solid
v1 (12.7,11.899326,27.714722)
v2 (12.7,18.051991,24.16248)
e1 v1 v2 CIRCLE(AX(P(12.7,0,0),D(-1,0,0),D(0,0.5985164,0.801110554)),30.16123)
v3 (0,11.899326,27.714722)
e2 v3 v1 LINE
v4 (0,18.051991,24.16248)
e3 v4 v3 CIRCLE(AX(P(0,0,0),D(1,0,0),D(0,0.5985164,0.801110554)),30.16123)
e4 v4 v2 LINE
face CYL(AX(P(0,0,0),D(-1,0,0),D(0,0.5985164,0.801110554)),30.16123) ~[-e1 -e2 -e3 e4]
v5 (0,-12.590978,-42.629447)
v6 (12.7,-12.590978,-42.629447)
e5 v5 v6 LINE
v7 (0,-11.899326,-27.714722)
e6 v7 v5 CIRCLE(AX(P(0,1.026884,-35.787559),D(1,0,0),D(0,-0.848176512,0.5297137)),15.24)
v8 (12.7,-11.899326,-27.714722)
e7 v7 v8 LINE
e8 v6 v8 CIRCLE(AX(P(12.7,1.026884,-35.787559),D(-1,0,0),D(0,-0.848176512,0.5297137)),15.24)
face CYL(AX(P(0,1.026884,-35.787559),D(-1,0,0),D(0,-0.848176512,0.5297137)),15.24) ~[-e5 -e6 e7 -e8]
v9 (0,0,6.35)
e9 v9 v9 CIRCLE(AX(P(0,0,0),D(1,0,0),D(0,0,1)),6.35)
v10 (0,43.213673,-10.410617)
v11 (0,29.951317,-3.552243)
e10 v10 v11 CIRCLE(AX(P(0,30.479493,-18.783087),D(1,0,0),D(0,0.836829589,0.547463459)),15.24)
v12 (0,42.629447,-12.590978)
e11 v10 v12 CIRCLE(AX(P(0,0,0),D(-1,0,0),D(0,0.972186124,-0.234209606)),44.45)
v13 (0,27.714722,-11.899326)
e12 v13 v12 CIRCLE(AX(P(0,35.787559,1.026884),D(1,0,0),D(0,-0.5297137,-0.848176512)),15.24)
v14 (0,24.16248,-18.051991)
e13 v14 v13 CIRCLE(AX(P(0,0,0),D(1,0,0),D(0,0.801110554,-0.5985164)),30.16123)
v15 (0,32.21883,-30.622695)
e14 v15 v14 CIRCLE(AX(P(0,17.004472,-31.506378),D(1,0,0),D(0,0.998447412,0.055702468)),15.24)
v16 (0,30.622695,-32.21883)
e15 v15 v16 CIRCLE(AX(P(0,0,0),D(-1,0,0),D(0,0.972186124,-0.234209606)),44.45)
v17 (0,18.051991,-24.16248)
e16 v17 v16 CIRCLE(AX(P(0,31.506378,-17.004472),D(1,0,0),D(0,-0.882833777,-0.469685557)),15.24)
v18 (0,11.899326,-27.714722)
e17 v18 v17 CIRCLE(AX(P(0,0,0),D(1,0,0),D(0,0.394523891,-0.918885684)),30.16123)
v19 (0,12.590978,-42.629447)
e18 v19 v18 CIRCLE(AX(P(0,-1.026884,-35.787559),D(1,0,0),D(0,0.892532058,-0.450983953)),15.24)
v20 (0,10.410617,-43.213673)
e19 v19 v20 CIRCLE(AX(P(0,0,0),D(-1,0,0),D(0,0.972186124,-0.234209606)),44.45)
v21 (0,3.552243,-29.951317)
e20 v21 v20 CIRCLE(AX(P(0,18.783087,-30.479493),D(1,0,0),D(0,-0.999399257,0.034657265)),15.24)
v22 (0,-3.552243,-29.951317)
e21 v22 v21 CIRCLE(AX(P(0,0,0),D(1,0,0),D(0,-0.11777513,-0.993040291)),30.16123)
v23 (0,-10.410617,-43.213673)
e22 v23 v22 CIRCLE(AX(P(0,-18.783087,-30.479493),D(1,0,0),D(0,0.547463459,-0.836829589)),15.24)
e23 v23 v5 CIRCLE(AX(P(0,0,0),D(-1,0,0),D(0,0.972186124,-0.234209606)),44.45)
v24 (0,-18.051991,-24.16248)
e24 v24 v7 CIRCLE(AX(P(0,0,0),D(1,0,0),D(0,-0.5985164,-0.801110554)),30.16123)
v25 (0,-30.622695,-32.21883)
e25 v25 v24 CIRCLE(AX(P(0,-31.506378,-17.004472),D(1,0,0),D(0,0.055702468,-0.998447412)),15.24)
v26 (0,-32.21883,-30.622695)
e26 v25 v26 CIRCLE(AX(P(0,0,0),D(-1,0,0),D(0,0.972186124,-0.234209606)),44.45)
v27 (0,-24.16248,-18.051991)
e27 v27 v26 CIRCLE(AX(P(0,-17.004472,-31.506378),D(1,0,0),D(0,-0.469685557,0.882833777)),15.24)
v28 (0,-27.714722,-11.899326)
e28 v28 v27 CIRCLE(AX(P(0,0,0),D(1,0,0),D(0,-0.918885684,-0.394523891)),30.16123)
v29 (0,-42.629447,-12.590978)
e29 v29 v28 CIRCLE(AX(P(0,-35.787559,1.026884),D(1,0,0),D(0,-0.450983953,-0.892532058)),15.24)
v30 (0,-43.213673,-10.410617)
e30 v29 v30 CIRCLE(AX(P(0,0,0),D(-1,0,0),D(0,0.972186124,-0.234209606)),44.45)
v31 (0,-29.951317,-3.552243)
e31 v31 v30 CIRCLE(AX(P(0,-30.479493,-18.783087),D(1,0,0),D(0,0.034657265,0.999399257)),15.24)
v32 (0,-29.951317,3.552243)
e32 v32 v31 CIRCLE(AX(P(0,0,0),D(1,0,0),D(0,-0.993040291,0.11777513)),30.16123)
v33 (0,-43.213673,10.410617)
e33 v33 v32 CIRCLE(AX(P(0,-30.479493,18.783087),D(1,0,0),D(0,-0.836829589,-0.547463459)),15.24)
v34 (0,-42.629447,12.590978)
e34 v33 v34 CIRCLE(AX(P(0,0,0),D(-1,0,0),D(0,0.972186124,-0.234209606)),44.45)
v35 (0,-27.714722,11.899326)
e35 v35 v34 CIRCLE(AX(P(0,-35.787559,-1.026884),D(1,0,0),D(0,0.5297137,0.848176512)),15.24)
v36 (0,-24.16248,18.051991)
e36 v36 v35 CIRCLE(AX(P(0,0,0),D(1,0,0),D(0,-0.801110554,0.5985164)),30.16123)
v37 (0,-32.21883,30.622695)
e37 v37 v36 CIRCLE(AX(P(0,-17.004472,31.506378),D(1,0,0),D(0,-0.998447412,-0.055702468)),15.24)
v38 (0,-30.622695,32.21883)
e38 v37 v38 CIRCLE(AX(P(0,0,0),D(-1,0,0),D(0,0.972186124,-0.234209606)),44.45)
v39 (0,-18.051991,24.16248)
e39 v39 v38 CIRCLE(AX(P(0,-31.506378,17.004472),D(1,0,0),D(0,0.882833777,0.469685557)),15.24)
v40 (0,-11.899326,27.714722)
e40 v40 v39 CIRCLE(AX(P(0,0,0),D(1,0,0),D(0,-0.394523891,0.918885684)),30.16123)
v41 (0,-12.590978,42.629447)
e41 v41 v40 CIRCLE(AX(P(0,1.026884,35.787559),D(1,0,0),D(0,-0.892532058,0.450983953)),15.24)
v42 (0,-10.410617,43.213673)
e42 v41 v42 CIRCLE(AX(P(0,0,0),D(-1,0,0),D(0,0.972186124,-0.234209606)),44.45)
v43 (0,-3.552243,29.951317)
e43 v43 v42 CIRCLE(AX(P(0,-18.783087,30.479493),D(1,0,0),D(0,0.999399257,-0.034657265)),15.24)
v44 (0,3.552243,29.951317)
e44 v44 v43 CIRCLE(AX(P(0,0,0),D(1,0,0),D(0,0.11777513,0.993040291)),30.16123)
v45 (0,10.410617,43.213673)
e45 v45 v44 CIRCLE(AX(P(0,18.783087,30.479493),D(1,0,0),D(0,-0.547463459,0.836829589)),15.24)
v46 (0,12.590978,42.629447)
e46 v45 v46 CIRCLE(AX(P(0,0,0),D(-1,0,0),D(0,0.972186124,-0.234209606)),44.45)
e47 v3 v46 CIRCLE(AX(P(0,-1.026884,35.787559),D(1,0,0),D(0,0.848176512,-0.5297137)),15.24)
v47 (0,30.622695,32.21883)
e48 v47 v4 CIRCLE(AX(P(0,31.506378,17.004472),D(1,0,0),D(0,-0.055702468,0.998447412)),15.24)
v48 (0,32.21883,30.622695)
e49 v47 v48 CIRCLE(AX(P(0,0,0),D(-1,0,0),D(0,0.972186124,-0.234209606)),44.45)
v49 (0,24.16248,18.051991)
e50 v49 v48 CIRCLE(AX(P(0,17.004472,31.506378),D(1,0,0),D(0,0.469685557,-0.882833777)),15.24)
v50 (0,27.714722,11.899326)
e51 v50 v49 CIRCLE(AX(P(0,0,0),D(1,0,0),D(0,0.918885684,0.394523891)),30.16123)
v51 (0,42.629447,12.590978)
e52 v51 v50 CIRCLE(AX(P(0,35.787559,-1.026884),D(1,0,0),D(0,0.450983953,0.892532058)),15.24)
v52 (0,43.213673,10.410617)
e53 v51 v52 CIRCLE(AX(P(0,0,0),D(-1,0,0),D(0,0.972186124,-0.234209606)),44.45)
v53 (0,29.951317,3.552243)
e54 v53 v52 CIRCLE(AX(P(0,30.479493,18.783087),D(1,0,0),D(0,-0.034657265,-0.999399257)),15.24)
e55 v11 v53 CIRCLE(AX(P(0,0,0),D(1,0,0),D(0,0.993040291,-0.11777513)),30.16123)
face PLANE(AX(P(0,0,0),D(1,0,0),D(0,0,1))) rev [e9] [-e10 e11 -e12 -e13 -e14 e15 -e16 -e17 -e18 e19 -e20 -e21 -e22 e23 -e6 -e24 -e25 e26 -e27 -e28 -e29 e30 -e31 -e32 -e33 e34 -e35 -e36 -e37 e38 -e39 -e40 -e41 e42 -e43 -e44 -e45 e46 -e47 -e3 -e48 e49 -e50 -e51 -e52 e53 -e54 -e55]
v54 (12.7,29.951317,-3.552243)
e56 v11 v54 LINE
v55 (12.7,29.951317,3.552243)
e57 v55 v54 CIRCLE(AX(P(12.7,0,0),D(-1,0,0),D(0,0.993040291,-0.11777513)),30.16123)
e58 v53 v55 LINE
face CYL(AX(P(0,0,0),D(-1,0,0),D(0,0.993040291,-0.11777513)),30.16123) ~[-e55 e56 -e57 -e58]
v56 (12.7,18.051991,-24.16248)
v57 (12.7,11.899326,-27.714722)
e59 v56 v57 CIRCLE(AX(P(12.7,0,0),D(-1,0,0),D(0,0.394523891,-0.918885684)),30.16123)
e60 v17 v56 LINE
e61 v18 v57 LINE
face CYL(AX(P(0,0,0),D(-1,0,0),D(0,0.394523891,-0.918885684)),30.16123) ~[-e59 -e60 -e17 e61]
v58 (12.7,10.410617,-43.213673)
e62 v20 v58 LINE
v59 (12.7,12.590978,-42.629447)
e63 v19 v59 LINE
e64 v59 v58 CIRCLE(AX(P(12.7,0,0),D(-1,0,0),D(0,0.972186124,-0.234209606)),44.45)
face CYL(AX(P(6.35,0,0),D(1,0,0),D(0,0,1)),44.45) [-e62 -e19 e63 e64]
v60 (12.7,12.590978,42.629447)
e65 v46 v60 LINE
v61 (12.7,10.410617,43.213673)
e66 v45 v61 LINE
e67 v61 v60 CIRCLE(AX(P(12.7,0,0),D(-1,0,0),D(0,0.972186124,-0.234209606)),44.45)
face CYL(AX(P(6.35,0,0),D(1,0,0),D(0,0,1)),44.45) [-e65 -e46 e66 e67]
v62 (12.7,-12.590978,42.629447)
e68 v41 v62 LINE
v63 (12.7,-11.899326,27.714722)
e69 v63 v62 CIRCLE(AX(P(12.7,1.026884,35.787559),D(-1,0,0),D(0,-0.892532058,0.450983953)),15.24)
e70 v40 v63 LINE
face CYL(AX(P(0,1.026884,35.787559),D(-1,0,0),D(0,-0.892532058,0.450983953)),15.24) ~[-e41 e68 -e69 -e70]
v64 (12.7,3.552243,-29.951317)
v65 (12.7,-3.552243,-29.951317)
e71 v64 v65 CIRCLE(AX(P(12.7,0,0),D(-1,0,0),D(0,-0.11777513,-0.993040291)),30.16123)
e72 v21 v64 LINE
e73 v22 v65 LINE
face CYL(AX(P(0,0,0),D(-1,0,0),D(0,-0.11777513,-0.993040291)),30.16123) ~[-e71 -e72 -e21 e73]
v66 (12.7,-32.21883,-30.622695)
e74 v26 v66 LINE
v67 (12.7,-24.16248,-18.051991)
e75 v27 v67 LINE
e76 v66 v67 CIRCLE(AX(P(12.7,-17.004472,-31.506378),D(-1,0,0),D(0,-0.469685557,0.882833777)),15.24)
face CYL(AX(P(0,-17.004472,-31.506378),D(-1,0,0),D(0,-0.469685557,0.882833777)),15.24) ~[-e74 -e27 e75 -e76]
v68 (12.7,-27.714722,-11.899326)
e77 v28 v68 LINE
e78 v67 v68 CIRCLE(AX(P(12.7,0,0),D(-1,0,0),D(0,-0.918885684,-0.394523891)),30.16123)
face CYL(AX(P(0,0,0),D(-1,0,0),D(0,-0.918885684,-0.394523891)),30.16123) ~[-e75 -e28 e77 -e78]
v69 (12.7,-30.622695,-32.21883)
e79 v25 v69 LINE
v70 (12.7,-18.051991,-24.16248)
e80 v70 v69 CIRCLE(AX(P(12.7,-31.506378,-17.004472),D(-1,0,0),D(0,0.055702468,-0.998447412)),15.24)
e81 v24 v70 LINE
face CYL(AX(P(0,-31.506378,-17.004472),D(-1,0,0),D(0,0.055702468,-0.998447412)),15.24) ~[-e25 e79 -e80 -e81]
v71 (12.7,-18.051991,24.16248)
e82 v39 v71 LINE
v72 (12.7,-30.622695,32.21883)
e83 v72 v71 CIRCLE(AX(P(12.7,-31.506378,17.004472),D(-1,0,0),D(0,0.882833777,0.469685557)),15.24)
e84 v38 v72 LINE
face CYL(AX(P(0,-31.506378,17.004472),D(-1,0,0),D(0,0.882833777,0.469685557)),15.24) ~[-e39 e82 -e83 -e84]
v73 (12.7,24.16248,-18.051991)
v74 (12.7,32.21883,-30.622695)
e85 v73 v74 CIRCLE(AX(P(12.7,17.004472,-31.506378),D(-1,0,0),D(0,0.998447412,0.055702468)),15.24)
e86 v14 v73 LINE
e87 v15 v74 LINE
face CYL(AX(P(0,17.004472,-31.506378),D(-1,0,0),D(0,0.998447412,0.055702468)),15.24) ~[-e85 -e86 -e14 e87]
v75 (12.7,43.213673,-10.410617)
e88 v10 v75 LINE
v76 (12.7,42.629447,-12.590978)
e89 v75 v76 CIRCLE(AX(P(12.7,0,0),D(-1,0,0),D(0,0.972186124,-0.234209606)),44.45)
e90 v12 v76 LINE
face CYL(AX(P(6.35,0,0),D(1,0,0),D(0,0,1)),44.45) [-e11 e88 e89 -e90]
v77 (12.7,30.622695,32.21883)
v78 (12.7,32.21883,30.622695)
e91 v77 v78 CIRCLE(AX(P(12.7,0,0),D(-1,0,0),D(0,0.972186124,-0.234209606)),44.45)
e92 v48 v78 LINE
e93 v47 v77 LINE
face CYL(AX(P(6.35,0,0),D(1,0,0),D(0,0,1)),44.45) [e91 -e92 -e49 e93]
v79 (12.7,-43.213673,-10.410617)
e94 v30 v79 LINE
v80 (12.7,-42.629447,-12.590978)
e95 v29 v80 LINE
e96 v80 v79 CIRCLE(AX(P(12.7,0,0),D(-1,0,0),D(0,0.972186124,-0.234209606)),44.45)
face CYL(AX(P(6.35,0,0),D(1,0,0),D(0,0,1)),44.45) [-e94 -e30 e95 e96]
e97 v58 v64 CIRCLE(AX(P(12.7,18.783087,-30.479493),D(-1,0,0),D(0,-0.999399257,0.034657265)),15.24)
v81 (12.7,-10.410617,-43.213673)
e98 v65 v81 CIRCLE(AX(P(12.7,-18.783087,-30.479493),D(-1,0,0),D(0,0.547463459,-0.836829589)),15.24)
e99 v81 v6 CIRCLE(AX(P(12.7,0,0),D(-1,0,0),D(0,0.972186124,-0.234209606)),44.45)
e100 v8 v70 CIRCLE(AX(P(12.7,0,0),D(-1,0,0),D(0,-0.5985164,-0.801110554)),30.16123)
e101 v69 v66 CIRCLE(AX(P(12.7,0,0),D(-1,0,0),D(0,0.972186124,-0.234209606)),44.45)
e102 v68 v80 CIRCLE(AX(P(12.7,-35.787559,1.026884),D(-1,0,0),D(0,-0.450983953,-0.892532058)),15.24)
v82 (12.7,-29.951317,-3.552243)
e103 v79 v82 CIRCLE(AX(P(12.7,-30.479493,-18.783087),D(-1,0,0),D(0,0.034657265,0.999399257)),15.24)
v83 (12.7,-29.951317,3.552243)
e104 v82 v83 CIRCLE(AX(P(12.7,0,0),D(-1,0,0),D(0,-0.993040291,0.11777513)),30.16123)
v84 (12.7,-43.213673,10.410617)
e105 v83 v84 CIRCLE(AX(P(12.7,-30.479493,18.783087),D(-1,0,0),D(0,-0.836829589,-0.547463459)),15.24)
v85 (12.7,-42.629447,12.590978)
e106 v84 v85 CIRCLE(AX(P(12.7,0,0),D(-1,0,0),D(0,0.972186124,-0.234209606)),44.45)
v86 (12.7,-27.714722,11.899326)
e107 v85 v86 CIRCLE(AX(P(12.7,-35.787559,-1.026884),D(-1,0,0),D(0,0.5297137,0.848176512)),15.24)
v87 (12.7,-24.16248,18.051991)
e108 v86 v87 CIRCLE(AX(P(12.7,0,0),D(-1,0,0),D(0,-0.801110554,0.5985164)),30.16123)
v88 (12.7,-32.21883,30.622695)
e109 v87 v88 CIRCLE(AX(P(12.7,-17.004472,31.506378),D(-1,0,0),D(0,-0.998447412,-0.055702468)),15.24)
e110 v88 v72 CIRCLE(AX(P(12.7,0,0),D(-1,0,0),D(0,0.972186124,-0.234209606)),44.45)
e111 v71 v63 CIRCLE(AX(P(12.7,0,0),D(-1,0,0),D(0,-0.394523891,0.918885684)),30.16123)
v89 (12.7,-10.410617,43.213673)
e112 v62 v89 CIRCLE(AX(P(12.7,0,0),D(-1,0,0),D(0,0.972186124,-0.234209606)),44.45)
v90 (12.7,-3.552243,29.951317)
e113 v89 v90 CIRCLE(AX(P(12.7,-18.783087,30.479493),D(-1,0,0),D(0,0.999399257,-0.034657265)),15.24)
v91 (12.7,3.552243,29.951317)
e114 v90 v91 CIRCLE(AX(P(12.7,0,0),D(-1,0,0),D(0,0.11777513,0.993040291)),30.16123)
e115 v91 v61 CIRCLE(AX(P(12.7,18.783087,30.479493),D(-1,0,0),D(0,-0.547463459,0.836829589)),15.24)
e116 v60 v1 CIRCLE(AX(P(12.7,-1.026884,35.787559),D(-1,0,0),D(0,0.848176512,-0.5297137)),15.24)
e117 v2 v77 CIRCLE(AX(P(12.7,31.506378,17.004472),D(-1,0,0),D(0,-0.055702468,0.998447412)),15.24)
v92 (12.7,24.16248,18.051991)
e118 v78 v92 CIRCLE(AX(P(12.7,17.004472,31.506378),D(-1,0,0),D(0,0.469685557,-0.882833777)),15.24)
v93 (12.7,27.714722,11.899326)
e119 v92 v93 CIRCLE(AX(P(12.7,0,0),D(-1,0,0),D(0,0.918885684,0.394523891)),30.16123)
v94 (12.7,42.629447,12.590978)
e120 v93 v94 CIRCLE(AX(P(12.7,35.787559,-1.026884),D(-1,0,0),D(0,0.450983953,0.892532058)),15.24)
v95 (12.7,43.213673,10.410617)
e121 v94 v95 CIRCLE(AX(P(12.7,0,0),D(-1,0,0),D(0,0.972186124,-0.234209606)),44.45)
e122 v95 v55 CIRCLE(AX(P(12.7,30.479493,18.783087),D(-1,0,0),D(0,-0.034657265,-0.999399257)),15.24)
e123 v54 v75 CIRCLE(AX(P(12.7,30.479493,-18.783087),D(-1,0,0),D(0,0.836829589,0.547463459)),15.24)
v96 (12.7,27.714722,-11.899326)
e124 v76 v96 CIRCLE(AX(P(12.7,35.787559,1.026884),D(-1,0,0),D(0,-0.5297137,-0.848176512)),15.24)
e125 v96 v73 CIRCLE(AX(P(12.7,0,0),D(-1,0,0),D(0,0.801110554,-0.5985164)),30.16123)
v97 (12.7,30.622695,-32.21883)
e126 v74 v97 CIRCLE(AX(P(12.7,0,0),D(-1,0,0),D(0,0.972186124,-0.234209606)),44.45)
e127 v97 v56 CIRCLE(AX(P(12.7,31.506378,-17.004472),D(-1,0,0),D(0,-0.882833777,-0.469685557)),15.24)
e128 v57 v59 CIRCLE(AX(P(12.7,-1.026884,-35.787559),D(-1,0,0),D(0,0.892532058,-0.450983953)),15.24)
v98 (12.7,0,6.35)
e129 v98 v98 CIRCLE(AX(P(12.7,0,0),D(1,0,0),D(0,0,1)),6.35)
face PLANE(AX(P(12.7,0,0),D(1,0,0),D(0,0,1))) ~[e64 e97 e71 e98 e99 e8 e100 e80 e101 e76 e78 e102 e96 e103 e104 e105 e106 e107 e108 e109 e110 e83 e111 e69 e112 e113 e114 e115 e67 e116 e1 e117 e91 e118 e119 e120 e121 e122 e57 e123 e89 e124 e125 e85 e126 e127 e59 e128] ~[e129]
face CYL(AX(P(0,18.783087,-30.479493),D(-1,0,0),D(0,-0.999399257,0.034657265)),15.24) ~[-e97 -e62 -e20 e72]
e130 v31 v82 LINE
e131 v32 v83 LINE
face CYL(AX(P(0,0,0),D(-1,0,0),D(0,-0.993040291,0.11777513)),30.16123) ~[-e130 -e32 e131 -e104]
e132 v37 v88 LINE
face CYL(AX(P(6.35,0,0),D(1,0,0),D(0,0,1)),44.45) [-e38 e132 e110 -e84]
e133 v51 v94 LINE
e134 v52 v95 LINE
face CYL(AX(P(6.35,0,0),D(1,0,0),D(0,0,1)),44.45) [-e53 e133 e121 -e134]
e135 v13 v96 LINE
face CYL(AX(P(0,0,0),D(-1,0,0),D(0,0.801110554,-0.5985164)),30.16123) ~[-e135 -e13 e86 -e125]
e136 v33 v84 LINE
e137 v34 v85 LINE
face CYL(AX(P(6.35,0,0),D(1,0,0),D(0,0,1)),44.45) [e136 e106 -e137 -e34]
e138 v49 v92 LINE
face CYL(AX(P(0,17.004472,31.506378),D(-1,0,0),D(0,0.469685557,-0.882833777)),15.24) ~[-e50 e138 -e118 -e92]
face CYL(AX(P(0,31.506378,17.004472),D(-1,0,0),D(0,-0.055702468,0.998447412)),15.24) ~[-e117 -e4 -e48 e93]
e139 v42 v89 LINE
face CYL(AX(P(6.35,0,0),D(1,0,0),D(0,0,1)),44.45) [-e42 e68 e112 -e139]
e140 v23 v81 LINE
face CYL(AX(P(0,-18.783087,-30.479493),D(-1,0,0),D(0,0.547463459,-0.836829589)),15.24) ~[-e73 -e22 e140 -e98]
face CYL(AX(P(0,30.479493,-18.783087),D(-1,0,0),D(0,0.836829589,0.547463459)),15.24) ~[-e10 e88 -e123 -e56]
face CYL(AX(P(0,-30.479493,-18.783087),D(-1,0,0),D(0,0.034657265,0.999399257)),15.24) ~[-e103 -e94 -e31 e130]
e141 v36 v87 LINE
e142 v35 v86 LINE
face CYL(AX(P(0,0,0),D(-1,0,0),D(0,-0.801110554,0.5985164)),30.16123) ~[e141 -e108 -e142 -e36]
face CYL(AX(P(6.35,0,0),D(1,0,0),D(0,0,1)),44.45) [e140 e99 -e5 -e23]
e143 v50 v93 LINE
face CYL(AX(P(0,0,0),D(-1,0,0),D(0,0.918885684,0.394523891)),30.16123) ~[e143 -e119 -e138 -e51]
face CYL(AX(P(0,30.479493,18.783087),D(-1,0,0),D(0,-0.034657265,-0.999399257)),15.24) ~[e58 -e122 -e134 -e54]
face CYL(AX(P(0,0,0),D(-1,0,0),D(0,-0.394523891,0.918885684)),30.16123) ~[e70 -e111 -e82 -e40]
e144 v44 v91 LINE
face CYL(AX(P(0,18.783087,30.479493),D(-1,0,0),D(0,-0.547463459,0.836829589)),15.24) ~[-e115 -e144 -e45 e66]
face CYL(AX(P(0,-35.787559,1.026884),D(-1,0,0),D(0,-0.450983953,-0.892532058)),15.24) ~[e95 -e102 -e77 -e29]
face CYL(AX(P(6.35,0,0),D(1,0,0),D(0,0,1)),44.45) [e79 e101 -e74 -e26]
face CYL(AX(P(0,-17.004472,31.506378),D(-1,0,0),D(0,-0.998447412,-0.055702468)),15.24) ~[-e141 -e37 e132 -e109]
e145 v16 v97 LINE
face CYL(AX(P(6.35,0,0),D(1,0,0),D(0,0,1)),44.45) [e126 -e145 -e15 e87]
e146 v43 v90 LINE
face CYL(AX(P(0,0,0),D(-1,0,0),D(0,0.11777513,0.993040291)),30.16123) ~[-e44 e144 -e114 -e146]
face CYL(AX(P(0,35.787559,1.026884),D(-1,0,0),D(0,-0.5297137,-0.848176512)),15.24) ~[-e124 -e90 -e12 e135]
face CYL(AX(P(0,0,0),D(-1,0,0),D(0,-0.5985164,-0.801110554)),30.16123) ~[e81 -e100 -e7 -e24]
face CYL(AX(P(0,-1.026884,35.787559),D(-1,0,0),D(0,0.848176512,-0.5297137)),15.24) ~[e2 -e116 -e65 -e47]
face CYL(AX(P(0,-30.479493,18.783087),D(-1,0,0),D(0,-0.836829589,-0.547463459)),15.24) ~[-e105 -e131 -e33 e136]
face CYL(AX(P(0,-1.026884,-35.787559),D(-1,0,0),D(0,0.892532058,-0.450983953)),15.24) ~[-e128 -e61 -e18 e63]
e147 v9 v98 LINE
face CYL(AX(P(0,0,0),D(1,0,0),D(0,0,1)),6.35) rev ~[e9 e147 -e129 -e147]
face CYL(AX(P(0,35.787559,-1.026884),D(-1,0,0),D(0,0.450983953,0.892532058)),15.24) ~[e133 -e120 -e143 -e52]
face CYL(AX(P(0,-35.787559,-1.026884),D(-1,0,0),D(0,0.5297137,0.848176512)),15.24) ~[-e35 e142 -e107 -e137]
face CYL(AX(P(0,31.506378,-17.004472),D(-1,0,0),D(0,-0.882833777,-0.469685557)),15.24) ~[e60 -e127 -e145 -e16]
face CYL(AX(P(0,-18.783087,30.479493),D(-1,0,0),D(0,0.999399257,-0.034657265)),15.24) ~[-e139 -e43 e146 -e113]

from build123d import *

# Parameters (mm, degrees)
BASPROSKE_W     = 12.7
BASPROSKE_H     = 44.45
TOOTHCUT_DEPTH  = 65.131856359
TEETHCUTS_COUNT = 12
TEETHCUTS_ANGLE = 330
BORSKE_R        = 6.35
BORE_DEPTH      = 50.8000508


with BuildPart() as part:
    # BasProSke → Base-Revolve (revolve)
    with BuildSketch(Plane(origin=(0, 0, 0), x_dir=(1, 0, 0), z_dir=(0, 1, 0)), mode=Mode.PRIVATE) as base_revolve_sk:
        with Locations((6.35, 22.225)):
            Rectangle(BASPROSKE_W, BASPROSKE_H)
    revolve(base_revolve_sk.sketch.rotate(Axis((-10, 0, 0), (1, 0, 0)), 180), axis=Axis((-10, 0, 0), (1, 0, 0)))

    # TooCutSke → ToothCut (cut, through all)
    with BuildSketch(Plane(origin=(0, 0, 0), x_dir=(0, 0, -1), z_dir=(1, 0, 0))):
        with BuildLine():
            ThreePointArc((3.552242783, 29.951316604), (0, 30.16123), (-3.552242783, 29.951316604))
            ThreePointArc((-3.552242783, 29.951316604), (-5.254049238, 37.49538421), (-10.439744342, 43.232776261))
            ThreePointArc((-10.439744342, 43.232776261), (0, 44.4754), (10.439744342, 43.232776261))
            ThreePointArc((10.439744342, 43.232776261), (5.254049238, 37.49538421), (3.552242783, 29.951316604))
        make_face()
    toothcut = extrude(amount=TOOTHCUT_DEPTH, mode=Mode.SUBTRACT)

    # TeethCuts: ToothCut ×12 about axis
    teethcuts_axis = Axis((-10, 0, 0), (1, 0, 0))
    for i in range(1, TEETHCUTS_COUNT):
        add(toothcut.rotate(teethcuts_axis, i * TEETHCUTS_ANGLE / (TEETHCUTS_COUNT - 1)), mode=Mode.SUBTRACT)

    # BorSke → Bore (cut, symmetric)
    with BuildSketch(Plane(origin=(0, 0, 0), x_dir=(0, 0, -1), z_dir=(1, 0, 0))):
        with Locations(Location((0, 0, 0), (0, 0, 180))):
            Circle(BORSKE_R)
    extrude(amount=BORE_DEPTH, both=True, mode=Mode.SUBTRACT)


solid = part.part
